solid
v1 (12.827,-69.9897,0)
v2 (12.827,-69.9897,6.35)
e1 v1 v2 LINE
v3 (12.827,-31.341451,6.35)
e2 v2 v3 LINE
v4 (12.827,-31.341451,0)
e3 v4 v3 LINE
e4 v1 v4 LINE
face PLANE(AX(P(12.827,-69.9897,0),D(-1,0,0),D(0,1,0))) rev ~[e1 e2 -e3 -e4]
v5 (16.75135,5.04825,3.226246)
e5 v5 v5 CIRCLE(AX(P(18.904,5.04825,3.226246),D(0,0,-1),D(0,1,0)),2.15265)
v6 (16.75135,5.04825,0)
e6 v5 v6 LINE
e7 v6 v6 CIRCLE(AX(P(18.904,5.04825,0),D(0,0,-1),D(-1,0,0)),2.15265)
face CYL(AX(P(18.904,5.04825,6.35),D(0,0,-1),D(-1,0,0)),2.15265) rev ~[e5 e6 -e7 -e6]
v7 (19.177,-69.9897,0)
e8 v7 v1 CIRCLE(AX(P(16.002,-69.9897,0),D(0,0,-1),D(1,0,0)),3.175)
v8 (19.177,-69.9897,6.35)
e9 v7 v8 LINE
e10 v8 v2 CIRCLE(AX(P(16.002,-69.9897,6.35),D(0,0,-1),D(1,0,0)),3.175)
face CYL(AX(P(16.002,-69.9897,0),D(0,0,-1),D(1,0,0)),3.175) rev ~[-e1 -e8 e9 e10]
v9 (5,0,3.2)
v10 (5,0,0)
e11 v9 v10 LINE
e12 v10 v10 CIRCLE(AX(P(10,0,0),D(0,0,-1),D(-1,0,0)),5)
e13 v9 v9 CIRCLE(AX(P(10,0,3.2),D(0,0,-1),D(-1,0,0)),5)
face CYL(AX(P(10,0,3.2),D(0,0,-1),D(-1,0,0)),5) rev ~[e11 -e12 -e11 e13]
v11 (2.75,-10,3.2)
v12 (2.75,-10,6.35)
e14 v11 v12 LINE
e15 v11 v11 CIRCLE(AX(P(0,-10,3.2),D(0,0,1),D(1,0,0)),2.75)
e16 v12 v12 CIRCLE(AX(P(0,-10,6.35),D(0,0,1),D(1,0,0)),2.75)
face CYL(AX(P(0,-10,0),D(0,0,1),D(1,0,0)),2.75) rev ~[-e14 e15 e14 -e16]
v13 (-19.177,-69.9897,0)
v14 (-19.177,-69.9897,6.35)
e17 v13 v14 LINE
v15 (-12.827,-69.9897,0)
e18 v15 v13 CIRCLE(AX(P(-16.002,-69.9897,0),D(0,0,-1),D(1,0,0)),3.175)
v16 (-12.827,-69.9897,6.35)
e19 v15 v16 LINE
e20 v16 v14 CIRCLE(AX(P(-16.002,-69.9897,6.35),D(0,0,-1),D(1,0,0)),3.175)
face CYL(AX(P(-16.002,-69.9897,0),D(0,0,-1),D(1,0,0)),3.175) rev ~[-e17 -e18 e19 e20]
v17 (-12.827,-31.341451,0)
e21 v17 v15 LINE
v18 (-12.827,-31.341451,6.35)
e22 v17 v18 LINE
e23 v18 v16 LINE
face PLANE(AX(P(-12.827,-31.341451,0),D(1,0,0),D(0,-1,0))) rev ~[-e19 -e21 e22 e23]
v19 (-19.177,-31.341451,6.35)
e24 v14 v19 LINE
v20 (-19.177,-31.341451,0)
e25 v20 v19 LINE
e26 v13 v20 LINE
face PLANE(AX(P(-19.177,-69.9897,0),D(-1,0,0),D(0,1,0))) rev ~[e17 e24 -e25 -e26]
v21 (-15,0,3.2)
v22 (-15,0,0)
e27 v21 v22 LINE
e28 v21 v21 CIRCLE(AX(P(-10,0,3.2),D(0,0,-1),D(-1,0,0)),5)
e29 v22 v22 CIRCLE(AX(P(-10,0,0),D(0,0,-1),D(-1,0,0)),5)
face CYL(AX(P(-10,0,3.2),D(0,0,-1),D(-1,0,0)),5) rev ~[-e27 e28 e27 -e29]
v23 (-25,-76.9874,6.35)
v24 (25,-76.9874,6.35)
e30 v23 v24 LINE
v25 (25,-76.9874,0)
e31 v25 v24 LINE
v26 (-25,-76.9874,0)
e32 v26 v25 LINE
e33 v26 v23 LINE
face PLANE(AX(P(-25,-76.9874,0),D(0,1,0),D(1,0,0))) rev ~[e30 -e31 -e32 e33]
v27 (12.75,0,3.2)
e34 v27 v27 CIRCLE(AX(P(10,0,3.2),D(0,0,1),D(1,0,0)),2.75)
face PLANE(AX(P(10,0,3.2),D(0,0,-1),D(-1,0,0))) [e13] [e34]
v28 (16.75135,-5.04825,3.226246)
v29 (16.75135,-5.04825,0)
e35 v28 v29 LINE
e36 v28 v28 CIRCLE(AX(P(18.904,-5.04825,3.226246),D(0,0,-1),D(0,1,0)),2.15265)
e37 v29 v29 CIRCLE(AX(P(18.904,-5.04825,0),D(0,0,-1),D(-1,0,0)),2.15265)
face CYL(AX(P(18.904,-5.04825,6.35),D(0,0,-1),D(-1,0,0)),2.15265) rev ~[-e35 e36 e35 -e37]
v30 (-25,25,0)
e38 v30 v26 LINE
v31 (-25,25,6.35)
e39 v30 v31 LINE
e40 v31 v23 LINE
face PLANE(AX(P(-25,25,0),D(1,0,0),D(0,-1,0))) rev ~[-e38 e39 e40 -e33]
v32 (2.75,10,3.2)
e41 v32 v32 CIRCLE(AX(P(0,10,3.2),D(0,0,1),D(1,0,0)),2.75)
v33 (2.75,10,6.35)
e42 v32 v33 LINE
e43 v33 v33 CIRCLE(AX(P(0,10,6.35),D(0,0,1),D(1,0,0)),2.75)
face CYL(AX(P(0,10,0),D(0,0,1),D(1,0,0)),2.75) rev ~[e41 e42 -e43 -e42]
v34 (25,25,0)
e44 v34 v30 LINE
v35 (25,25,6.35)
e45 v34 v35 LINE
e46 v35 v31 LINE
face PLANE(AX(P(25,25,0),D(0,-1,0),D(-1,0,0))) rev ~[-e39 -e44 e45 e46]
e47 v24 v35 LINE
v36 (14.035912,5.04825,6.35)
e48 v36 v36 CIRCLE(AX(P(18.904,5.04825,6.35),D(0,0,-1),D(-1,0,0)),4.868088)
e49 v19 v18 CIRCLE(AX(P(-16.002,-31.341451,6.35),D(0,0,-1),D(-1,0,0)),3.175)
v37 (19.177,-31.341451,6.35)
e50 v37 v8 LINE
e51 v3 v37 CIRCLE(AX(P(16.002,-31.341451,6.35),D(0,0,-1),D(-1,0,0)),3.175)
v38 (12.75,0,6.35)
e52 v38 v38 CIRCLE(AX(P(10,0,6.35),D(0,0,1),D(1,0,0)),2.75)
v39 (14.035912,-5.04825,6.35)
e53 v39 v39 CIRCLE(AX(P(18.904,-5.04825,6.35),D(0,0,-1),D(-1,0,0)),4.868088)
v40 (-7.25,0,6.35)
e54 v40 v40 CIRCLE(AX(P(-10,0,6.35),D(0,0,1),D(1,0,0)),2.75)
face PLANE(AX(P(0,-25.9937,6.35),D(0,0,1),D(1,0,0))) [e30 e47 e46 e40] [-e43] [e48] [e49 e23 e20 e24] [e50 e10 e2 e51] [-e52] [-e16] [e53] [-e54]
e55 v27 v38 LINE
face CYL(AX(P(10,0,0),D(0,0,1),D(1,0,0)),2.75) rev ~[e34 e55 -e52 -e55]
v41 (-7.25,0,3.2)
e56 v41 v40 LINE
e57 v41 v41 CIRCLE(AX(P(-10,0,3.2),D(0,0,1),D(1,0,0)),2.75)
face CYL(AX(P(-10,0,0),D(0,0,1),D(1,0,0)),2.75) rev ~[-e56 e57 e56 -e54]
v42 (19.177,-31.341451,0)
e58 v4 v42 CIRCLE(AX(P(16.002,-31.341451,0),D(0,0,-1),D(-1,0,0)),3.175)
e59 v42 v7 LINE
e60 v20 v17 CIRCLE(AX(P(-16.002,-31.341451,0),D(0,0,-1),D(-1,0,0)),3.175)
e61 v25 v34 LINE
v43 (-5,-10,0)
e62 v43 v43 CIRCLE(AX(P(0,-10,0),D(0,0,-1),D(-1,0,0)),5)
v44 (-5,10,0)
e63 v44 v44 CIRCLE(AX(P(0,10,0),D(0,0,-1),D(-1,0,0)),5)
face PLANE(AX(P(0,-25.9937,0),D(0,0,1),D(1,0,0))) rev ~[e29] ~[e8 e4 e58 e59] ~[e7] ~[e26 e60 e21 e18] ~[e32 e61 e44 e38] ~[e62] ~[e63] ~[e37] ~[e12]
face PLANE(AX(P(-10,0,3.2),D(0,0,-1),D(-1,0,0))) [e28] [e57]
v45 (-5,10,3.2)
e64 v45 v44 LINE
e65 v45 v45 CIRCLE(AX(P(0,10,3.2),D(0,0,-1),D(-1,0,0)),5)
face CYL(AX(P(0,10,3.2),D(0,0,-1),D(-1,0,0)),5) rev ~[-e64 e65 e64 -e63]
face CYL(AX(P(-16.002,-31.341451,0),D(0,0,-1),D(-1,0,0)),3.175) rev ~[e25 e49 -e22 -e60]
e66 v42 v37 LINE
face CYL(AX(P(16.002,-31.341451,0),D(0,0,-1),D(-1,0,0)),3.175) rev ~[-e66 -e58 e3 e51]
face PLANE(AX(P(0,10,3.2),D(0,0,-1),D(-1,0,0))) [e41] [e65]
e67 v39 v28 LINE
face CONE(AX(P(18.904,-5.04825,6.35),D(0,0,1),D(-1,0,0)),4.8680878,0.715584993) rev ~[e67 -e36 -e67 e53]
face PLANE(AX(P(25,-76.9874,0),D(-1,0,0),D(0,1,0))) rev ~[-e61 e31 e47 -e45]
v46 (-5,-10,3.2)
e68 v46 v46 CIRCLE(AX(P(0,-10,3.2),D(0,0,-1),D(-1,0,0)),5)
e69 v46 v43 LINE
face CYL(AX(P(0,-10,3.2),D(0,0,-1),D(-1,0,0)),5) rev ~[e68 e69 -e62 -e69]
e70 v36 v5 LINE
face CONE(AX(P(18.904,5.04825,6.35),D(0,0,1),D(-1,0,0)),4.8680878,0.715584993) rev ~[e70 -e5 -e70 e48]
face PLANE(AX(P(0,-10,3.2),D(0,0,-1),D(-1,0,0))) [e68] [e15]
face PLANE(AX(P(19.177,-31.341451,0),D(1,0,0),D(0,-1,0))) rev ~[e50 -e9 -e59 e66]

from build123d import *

# Parameters (mm, degrees)
BOSS_EXTRUDE1_DEPTH                            = 6.35
CSK_FOR_6_FLAT_HEAD_MACHINE_SCREW2_D           = 4.3053
CSK_FOR_6_FLAT_HEAD_MACHINE_SCREW2_CSINK_D     = 9.7361756
CSK_FOR_6_FLAT_HEAD_MACHINE_SCREW2_CSINK_ANGLE = 82
CBORE_FOR_M5_SHCS1_D                           = 5.5
CBORE_FOR_M5_SHCS1_CBORE_D                     = 10
CBORE_FOR_M5_SHCS1_CBORE_DEPTH                 = 3.2


with BuildPart() as part:
    # Sketch1 → Boss-Extrude1 (new body)
    with BuildSketch(Plane.XY):
        Polygon((25, -76.9874), (25, 25), (-25, 25), (-25, -76.9874), (0, -76.9874), align=None)
        with BuildLine():
            ThreePointArc((-19.177, -31.341450548), (-16.002, -28.166450548), (-12.827, -31.341450548))
            Line((-12.827, -31.341450548), (-12.827, -69.9897))
            ThreePointArc((-12.827, -69.9897), (-16.002, -73.1647), (-19.177, -69.9897))
            Line((-19.177, -69.9897), (-19.177, -31.341450548))
        make_face(mode=Mode.SUBTRACT)
        with BuildLine():
            ThreePointArc((12.827, -31.341450548), (16.002, -28.166450548), (19.177, -31.341450548))
            Line((19.177, -31.341450548), (19.177, -69.9897))
            ThreePointArc((19.177, -69.9897), (16.002, -73.1647), (12.827, -69.9897))
            Line((12.827, -69.9897), (12.827, -31.341450548))
        make_face(mode=Mode.SUBTRACT)
    extrude(amount=BOSS_EXTRUDE1_DEPTH)

    # CSK for #6 Flat Head Machine Screw2 (through all)
    with Locations(Plane.XY.offset(6.35)):
        with Locations((18.904, 5.04825), (18.904, -5.04825)):
            CounterSinkHole(CSK_FOR_6_FLAT_HEAD_MACHINE_SCREW2_D / 2, CSK_FOR_6_FLAT_HEAD_MACHINE_SCREW2_CSINK_D / 2, counter_sink_angle=CSK_FOR_6_FLAT_HEAD_MACHINE_SCREW2_CSINK_ANGLE)

    # CBORE for M5 SHCS1 (through all)
    with Locations(Plane(origin=(0, 0, 0), x_dir=(-1, 0, 0), z_dir=(0, 0, -1))):
        with Locations((0, 10), (-10, 0), (0, -10), (10, 0)):
            CounterBoreHole(CBORE_FOR_M5_SHCS1_D / 2, CBORE_FOR_M5_SHCS1_CBORE_D / 2, CBORE_FOR_M5_SHCS1_CBORE_DEPTH)


solid = part.part
